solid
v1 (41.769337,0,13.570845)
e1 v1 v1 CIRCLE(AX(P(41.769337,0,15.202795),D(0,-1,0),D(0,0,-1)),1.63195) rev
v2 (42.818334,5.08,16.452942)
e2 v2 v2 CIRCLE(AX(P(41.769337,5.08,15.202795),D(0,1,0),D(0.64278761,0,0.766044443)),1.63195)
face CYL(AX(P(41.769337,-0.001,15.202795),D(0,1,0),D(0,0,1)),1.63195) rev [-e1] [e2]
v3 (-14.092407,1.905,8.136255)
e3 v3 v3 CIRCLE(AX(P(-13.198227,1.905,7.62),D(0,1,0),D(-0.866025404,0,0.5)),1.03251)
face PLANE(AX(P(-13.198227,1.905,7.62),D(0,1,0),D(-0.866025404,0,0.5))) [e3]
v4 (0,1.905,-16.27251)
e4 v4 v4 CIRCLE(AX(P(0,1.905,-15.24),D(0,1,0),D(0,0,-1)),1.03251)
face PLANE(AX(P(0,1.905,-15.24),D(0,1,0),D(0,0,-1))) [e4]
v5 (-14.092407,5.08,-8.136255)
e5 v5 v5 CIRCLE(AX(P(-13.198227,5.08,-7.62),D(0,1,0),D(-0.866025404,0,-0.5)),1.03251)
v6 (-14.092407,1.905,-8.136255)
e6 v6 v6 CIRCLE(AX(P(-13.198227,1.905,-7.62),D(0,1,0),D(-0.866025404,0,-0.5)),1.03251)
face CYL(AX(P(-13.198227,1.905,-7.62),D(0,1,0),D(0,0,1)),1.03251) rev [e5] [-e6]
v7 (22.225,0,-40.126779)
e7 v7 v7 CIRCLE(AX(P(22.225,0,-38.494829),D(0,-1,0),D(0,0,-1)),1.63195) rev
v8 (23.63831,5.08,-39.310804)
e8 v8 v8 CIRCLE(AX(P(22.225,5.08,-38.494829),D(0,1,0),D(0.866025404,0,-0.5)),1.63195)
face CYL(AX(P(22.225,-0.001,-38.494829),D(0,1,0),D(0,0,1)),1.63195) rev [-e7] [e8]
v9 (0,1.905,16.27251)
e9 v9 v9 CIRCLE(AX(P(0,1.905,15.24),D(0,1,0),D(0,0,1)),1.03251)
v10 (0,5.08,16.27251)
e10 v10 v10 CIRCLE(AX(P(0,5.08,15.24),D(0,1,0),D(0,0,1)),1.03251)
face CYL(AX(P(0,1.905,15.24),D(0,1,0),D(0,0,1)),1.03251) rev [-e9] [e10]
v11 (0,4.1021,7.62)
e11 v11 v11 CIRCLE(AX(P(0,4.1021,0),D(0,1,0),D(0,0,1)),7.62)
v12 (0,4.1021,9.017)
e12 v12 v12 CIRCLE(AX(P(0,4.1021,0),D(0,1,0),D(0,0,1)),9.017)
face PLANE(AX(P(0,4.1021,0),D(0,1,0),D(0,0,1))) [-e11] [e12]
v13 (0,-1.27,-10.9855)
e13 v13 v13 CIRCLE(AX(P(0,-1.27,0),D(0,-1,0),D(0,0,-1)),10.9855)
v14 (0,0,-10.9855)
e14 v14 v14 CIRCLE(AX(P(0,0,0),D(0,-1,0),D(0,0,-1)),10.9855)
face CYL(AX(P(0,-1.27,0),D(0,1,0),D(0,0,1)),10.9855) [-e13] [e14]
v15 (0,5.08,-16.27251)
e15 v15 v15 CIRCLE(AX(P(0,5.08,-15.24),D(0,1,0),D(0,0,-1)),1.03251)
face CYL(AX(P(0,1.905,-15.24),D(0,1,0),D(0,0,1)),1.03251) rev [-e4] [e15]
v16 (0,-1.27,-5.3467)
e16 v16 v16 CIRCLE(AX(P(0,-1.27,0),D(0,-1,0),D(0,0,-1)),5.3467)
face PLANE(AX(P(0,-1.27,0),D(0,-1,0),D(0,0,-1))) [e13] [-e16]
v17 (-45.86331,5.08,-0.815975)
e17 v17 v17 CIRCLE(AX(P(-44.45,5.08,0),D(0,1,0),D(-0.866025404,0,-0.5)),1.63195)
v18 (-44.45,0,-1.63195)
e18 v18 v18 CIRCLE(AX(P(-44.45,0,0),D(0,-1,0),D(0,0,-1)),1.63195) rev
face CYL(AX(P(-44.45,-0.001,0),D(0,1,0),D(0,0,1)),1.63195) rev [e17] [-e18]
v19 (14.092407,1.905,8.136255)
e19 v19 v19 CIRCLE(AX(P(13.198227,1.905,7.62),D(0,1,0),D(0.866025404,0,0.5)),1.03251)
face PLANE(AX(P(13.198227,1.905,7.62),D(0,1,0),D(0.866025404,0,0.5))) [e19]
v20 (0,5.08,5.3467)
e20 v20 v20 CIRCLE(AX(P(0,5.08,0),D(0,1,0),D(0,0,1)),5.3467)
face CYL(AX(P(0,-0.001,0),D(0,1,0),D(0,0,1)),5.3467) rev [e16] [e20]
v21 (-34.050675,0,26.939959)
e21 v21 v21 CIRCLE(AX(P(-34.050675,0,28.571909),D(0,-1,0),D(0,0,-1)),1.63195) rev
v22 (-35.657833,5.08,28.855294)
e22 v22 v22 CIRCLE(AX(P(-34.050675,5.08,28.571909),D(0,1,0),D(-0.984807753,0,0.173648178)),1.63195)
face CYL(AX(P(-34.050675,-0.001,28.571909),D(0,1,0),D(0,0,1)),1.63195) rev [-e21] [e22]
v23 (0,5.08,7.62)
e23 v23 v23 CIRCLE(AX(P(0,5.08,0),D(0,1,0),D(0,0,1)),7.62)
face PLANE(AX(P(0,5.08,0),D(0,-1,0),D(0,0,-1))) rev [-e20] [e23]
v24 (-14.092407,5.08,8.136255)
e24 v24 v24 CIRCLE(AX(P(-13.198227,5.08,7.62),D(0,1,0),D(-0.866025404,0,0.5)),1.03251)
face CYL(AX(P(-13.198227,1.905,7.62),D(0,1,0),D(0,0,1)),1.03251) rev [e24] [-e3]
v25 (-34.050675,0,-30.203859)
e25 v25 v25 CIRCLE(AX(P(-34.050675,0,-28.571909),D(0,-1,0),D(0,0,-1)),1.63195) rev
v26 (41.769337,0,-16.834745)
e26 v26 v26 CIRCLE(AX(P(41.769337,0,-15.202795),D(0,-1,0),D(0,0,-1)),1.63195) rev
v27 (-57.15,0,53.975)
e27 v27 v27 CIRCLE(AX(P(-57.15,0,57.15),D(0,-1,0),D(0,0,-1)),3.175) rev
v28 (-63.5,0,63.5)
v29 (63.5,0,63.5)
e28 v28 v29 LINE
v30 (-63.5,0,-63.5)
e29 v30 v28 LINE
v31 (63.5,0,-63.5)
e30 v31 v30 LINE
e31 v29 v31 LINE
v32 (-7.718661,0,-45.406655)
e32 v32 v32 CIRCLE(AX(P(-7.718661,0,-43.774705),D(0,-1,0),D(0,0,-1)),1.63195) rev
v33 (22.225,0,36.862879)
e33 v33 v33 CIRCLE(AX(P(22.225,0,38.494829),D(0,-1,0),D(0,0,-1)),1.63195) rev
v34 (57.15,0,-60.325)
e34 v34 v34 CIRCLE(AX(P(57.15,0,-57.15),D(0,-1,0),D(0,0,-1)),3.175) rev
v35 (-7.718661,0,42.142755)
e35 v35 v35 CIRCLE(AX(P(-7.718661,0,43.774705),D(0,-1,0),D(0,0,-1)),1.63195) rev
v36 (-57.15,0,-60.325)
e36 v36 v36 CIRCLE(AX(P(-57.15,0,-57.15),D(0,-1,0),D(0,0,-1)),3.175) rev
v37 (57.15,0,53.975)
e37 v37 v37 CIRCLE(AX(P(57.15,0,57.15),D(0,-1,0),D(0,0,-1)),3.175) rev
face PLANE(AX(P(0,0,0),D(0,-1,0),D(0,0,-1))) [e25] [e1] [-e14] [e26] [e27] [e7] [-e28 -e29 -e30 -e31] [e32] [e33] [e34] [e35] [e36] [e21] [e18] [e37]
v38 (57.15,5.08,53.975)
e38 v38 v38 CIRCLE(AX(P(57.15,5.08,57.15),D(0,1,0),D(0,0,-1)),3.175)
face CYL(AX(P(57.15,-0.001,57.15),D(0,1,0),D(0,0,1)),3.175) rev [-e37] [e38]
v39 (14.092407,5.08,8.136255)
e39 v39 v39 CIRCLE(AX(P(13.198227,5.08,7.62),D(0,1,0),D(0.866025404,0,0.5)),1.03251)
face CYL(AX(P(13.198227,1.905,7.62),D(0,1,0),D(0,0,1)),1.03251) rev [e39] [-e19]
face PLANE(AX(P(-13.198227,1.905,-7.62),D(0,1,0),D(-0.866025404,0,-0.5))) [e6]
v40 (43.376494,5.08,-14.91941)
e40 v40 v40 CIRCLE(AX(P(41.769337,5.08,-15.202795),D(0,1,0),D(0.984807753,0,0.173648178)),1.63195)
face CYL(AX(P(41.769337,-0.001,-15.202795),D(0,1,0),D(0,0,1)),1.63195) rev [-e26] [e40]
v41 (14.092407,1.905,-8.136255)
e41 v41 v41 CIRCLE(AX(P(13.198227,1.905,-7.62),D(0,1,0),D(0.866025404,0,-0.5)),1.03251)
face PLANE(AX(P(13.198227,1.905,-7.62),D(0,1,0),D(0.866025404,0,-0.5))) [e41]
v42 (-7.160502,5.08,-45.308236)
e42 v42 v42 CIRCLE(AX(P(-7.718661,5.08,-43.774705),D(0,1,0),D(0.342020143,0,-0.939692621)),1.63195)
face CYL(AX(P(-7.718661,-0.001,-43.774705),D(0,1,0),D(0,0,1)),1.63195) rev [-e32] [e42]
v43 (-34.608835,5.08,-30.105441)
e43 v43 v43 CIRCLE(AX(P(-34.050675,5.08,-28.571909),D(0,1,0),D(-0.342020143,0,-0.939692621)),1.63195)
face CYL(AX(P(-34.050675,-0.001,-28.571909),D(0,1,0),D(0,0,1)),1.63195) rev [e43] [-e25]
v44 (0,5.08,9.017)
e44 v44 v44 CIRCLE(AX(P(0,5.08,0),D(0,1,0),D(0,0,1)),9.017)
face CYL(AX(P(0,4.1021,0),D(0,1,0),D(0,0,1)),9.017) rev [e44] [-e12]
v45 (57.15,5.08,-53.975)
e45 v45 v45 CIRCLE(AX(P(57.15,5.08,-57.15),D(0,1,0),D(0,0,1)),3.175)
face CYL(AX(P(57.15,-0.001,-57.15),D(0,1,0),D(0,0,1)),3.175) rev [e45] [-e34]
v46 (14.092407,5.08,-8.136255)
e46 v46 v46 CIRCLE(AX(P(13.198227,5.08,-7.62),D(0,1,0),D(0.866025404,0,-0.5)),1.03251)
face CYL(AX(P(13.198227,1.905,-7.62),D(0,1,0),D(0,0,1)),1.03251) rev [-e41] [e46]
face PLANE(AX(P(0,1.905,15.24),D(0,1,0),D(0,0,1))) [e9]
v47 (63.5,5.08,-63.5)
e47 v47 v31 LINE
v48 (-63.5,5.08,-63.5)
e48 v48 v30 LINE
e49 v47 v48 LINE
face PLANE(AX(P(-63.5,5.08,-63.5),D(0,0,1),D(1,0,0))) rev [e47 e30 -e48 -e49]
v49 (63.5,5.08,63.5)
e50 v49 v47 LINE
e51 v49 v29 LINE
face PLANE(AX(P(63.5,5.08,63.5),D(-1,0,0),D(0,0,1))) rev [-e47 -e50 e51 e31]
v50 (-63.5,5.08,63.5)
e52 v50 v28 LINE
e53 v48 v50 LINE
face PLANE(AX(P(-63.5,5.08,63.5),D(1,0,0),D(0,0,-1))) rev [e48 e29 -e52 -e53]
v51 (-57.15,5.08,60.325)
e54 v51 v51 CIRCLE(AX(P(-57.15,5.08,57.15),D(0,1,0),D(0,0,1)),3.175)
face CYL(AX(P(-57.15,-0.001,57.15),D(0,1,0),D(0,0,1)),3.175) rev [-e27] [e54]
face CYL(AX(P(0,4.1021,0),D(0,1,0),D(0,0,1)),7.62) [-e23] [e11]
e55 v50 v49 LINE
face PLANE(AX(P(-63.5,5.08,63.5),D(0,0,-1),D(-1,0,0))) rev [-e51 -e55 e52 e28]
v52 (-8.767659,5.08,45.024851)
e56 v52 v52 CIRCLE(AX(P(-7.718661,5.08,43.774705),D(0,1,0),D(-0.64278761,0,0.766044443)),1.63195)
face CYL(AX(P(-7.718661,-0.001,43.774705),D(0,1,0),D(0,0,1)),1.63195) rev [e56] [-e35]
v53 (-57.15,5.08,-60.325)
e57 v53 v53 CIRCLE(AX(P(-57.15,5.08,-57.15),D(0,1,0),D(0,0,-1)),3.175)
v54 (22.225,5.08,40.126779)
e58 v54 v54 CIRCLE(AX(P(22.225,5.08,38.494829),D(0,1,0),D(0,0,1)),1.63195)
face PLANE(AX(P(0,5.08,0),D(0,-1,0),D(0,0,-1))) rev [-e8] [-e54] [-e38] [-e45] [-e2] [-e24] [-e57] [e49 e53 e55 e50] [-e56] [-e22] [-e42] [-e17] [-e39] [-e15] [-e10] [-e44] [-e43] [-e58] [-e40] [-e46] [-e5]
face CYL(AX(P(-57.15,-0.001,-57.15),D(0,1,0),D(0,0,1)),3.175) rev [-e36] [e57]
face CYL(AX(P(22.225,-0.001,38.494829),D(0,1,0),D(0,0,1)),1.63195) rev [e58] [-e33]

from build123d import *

# Parameters (mm, degrees)
SKETCH1_W           = 127
SKETCH1_H           = 127
BOSS_EXTRUDE1_DEPTH = 5.08
CUT_EXTRUDE1_REACH  = 91.946
SKETCH2_R           = 5.3467
SKETCH4_R           = 9.017
SKETCH4_R_2         = 7.62
CUT_EXTRUDE3_DEPTH  = 0.9779
SKETCH5_R           = 1.03251
CUT_EXTRUDE4_DEPTH  = 3.175
CIRPATTERN1_COUNT   = 6
CUT_EXTRUDE5_REACH  = 91.946
SKETCH6_R           = 1.63195
CIRPATTERN2_COUNT   = 9
CUT_EXTRUDE6_REACH  = 91.946
SKETCH7_R           = 3.175
SKETCH9_R           = 10.9855
SKETCH9_R_2         = 5.3467
BOSS_EXTRUDE2_DEPTH = 1.27


with BuildPart() as part:
    # Sketch1 → Boss-Extrude1 (new body)
    with BuildSketch(Plane(origin=(0, 0, 0), x_dir=(1, 0, 0), z_dir=(0, 1, 0))):
        Rectangle(SKETCH1_W, SKETCH1_H)
    extrude(amount=BOSS_EXTRUDE1_DEPTH)

    # Sketch2 → Cut-Extrude1 (cut, up to next)
    with BuildSketch(Plane(origin=(0, 5.08, 0), x_dir=(1, 0, 0), z_dir=(0, 1, 0)), mode=Mode.PRIVATE) as cut_extrude1_sk1:
        with Locations(Location((0, 0, 0), (0, 0, 270))):
            Circle(SKETCH2_R)
    cut_extrude1_tool1 = extrude(cut_extrude1_sk1.sketch, amount=-CUT_EXTRUDE1_REACH, mode=Mode.PRIVATE) & part.part
    add(cut_extrude1_tool1.solids().sort_by_distance((0, 5.08, 0))[0], mode=Mode.SUBTRACT)

    # Sketch4 → Cut-Extrude3 (cut)
    with BuildSketch(Plane(origin=(0, 5.08, 0), x_dir=(1, 0, 0), z_dir=(0, 1, 0))):
        with Locations(Location((0, 0, 0), (0, 0, 270))):
            Circle(SKETCH4_R)
        with Locations(Location((0, 0, 0), (0, 0, 270))):
            Circle(SKETCH4_R_2, mode=Mode.SUBTRACT)
    extrude(amount=-CUT_EXTRUDE3_DEPTH, mode=Mode.SUBTRACT)

    # Sketch5 → Cut-Extrude4 (cut)
    with BuildSketch(Plane(origin=(0, 5.08, 0), x_dir=(1, 0, 0), z_dir=(0, 1, 0))):
        with Locations(Location((0, -15.24, 0), (0, 0, 270))):
            Circle(SKETCH5_R)
    cut_extrude4 = extrude(amount=-CUT_EXTRUDE4_DEPTH, mode=Mode.SUBTRACT)

    # CirPattern1: Cut-Extrude4 ×6 about axis
    cirpattern1_axis = Axis((0, 0, 0), (0, 1, 0))
    for i in range(1, CIRPATTERN1_COUNT):
        add(cut_extrude4.rotate(cirpattern1_axis, i * 360 / CIRPATTERN1_COUNT), mode=Mode.SUBTRACT)

    # Sketch6 → Cut-Extrude5 (cut, up to next)
    with BuildSketch(Plane(origin=(0, 5.08, 0), x_dir=(1, 0, 0), z_dir=(0, 1, 0)), mode=Mode.PRIVATE) as cut_extrude5_sk1:
        with Locations(Location((22.225, -38.494829198, 0), (0, 0, 270))):
            Circle(SKETCH6_R)
    cut_extrude5_tool1 = extrude(cut_extrude5_sk1.sketch, amount=-CUT_EXTRUDE5_REACH, mode=Mode.PRIVATE) & part.part
    cut_extrude5 = cut_extrude5_tool1.solids().sort_by_distance((22.225, 5.08, 38.494829))[0]
    add(cut_extrude5, mode=Mode.SUBTRACT)

    # CirPattern2: Cut-Extrude5 ×9 about axis
    cirpattern2_axis = Axis((0, 0, 0), (0, 1, 0))
    for i in range(1, CIRPATTERN2_COUNT):
        add(cut_extrude5.rotate(cirpattern2_axis, i * 360 / CIRPATTERN2_COUNT), mode=Mode.SUBTRACT)

    # Sketch7 → Cut-Extrude6 (cut, up to next)
    with BuildSketch(Plane(origin=(0, 5.08, 0), x_dir=(1, 0, 0), z_dir=(0, 1, 0)), mode=Mode.PRIVATE) as cut_extrude6_sk1:
        with Locations(Location((57.15, 57.15, 0), (0, 0, 270))):
            Circle(SKETCH7_R)
    cut_extrude6_tool1 = extrude(cut_extrude6_sk1.sketch, amount=-CUT_EXTRUDE6_REACH, mode=Mode.PRIVATE) & part.part
    # Sketch7 → Cut-Extrude6 (cut, up to next)
    with BuildSketch(Plane(origin=(0, 5.08, 0), x_dir=(1, 0, 0), z_dir=(0, 1, 0)), mode=Mode.PRIVATE) as cut_extrude6_sk2:
        with Locations(Location((57.15, -57.15, 0), (0, 0, 90))):
            Circle(SKETCH7_R)
    cut_extrude6_tool2 = extrude(cut_extrude6_sk2.sketch, amount=-CUT_EXTRUDE6_REACH, mode=Mode.PRIVATE) & part.part
    # Sketch7 → Cut-Extrude6 (cut, up to next)
    with BuildSketch(Plane(origin=(0, 5.08, 0), x_dir=(1, 0, 0), z_dir=(0, 1, 0)), mode=Mode.PRIVATE) as cut_extrude6_sk3:
        with Locations(Location((-57.15, -57.15, 0), (0, 0, 270))):
            Circle(SKETCH7_R)
    cut_extrude6_tool3 = extrude(cut_extrude6_sk3.sketch, amount=-CUT_EXTRUDE6_REACH, mode=Mode.PRIVATE) & part.part
    # Sketch7 → Cut-Extrude6 (cut, up to next)
    with BuildSketch(Plane(origin=(0, 5.08, 0), x_dir=(1, 0, 0), z_dir=(0, 1, 0)), mode=Mode.PRIVATE) as cut_extrude6_sk4:
        with Locations(Location((-57.15, 57.15, 0), (0, 0, 90))):
            Circle(SKETCH7_R)
    cut_extrude6_tool4 = extrude(cut_extrude6_sk4.sketch, amount=-CUT_EXTRUDE6_REACH, mode=Mode.PRIVATE) & part.part
    add(cut_extrude6_tool1.solids().sort_by_distance((57.15, 5.08, -57.15))[0], mode=Mode.SUBTRACT)
    add(cut_extrude6_tool2.solids().sort_by_distance((57.15, 5.08, 57.15))[0], mode=Mode.SUBTRACT)
    add(cut_extrude6_tool3.solids().sort_by_distance((-57.15, 5.08, 57.15))[0], mode=Mode.SUBTRACT)
    add(cut_extrude6_tool4.solids().sort_by_distance((-57.15, 5.08, -57.15))[0], mode=Mode.SUBTRACT)

    # Sketch9 → Boss-Extrude2 (add)
    with BuildSketch(Plane.XZ):
        with Locations(Location((0, 0, 0), (0, 0, 270))):
            Circle(SKETCH9_R)
        with Locations(Location((0, 0, 0), (0, 0, 90))):
            Circle(SKETCH9_R_2, mode=Mode.SUBTRACT)
    extrude(amount=BOSS_EXTRUDE2_DEPTH)


solid = part.part
